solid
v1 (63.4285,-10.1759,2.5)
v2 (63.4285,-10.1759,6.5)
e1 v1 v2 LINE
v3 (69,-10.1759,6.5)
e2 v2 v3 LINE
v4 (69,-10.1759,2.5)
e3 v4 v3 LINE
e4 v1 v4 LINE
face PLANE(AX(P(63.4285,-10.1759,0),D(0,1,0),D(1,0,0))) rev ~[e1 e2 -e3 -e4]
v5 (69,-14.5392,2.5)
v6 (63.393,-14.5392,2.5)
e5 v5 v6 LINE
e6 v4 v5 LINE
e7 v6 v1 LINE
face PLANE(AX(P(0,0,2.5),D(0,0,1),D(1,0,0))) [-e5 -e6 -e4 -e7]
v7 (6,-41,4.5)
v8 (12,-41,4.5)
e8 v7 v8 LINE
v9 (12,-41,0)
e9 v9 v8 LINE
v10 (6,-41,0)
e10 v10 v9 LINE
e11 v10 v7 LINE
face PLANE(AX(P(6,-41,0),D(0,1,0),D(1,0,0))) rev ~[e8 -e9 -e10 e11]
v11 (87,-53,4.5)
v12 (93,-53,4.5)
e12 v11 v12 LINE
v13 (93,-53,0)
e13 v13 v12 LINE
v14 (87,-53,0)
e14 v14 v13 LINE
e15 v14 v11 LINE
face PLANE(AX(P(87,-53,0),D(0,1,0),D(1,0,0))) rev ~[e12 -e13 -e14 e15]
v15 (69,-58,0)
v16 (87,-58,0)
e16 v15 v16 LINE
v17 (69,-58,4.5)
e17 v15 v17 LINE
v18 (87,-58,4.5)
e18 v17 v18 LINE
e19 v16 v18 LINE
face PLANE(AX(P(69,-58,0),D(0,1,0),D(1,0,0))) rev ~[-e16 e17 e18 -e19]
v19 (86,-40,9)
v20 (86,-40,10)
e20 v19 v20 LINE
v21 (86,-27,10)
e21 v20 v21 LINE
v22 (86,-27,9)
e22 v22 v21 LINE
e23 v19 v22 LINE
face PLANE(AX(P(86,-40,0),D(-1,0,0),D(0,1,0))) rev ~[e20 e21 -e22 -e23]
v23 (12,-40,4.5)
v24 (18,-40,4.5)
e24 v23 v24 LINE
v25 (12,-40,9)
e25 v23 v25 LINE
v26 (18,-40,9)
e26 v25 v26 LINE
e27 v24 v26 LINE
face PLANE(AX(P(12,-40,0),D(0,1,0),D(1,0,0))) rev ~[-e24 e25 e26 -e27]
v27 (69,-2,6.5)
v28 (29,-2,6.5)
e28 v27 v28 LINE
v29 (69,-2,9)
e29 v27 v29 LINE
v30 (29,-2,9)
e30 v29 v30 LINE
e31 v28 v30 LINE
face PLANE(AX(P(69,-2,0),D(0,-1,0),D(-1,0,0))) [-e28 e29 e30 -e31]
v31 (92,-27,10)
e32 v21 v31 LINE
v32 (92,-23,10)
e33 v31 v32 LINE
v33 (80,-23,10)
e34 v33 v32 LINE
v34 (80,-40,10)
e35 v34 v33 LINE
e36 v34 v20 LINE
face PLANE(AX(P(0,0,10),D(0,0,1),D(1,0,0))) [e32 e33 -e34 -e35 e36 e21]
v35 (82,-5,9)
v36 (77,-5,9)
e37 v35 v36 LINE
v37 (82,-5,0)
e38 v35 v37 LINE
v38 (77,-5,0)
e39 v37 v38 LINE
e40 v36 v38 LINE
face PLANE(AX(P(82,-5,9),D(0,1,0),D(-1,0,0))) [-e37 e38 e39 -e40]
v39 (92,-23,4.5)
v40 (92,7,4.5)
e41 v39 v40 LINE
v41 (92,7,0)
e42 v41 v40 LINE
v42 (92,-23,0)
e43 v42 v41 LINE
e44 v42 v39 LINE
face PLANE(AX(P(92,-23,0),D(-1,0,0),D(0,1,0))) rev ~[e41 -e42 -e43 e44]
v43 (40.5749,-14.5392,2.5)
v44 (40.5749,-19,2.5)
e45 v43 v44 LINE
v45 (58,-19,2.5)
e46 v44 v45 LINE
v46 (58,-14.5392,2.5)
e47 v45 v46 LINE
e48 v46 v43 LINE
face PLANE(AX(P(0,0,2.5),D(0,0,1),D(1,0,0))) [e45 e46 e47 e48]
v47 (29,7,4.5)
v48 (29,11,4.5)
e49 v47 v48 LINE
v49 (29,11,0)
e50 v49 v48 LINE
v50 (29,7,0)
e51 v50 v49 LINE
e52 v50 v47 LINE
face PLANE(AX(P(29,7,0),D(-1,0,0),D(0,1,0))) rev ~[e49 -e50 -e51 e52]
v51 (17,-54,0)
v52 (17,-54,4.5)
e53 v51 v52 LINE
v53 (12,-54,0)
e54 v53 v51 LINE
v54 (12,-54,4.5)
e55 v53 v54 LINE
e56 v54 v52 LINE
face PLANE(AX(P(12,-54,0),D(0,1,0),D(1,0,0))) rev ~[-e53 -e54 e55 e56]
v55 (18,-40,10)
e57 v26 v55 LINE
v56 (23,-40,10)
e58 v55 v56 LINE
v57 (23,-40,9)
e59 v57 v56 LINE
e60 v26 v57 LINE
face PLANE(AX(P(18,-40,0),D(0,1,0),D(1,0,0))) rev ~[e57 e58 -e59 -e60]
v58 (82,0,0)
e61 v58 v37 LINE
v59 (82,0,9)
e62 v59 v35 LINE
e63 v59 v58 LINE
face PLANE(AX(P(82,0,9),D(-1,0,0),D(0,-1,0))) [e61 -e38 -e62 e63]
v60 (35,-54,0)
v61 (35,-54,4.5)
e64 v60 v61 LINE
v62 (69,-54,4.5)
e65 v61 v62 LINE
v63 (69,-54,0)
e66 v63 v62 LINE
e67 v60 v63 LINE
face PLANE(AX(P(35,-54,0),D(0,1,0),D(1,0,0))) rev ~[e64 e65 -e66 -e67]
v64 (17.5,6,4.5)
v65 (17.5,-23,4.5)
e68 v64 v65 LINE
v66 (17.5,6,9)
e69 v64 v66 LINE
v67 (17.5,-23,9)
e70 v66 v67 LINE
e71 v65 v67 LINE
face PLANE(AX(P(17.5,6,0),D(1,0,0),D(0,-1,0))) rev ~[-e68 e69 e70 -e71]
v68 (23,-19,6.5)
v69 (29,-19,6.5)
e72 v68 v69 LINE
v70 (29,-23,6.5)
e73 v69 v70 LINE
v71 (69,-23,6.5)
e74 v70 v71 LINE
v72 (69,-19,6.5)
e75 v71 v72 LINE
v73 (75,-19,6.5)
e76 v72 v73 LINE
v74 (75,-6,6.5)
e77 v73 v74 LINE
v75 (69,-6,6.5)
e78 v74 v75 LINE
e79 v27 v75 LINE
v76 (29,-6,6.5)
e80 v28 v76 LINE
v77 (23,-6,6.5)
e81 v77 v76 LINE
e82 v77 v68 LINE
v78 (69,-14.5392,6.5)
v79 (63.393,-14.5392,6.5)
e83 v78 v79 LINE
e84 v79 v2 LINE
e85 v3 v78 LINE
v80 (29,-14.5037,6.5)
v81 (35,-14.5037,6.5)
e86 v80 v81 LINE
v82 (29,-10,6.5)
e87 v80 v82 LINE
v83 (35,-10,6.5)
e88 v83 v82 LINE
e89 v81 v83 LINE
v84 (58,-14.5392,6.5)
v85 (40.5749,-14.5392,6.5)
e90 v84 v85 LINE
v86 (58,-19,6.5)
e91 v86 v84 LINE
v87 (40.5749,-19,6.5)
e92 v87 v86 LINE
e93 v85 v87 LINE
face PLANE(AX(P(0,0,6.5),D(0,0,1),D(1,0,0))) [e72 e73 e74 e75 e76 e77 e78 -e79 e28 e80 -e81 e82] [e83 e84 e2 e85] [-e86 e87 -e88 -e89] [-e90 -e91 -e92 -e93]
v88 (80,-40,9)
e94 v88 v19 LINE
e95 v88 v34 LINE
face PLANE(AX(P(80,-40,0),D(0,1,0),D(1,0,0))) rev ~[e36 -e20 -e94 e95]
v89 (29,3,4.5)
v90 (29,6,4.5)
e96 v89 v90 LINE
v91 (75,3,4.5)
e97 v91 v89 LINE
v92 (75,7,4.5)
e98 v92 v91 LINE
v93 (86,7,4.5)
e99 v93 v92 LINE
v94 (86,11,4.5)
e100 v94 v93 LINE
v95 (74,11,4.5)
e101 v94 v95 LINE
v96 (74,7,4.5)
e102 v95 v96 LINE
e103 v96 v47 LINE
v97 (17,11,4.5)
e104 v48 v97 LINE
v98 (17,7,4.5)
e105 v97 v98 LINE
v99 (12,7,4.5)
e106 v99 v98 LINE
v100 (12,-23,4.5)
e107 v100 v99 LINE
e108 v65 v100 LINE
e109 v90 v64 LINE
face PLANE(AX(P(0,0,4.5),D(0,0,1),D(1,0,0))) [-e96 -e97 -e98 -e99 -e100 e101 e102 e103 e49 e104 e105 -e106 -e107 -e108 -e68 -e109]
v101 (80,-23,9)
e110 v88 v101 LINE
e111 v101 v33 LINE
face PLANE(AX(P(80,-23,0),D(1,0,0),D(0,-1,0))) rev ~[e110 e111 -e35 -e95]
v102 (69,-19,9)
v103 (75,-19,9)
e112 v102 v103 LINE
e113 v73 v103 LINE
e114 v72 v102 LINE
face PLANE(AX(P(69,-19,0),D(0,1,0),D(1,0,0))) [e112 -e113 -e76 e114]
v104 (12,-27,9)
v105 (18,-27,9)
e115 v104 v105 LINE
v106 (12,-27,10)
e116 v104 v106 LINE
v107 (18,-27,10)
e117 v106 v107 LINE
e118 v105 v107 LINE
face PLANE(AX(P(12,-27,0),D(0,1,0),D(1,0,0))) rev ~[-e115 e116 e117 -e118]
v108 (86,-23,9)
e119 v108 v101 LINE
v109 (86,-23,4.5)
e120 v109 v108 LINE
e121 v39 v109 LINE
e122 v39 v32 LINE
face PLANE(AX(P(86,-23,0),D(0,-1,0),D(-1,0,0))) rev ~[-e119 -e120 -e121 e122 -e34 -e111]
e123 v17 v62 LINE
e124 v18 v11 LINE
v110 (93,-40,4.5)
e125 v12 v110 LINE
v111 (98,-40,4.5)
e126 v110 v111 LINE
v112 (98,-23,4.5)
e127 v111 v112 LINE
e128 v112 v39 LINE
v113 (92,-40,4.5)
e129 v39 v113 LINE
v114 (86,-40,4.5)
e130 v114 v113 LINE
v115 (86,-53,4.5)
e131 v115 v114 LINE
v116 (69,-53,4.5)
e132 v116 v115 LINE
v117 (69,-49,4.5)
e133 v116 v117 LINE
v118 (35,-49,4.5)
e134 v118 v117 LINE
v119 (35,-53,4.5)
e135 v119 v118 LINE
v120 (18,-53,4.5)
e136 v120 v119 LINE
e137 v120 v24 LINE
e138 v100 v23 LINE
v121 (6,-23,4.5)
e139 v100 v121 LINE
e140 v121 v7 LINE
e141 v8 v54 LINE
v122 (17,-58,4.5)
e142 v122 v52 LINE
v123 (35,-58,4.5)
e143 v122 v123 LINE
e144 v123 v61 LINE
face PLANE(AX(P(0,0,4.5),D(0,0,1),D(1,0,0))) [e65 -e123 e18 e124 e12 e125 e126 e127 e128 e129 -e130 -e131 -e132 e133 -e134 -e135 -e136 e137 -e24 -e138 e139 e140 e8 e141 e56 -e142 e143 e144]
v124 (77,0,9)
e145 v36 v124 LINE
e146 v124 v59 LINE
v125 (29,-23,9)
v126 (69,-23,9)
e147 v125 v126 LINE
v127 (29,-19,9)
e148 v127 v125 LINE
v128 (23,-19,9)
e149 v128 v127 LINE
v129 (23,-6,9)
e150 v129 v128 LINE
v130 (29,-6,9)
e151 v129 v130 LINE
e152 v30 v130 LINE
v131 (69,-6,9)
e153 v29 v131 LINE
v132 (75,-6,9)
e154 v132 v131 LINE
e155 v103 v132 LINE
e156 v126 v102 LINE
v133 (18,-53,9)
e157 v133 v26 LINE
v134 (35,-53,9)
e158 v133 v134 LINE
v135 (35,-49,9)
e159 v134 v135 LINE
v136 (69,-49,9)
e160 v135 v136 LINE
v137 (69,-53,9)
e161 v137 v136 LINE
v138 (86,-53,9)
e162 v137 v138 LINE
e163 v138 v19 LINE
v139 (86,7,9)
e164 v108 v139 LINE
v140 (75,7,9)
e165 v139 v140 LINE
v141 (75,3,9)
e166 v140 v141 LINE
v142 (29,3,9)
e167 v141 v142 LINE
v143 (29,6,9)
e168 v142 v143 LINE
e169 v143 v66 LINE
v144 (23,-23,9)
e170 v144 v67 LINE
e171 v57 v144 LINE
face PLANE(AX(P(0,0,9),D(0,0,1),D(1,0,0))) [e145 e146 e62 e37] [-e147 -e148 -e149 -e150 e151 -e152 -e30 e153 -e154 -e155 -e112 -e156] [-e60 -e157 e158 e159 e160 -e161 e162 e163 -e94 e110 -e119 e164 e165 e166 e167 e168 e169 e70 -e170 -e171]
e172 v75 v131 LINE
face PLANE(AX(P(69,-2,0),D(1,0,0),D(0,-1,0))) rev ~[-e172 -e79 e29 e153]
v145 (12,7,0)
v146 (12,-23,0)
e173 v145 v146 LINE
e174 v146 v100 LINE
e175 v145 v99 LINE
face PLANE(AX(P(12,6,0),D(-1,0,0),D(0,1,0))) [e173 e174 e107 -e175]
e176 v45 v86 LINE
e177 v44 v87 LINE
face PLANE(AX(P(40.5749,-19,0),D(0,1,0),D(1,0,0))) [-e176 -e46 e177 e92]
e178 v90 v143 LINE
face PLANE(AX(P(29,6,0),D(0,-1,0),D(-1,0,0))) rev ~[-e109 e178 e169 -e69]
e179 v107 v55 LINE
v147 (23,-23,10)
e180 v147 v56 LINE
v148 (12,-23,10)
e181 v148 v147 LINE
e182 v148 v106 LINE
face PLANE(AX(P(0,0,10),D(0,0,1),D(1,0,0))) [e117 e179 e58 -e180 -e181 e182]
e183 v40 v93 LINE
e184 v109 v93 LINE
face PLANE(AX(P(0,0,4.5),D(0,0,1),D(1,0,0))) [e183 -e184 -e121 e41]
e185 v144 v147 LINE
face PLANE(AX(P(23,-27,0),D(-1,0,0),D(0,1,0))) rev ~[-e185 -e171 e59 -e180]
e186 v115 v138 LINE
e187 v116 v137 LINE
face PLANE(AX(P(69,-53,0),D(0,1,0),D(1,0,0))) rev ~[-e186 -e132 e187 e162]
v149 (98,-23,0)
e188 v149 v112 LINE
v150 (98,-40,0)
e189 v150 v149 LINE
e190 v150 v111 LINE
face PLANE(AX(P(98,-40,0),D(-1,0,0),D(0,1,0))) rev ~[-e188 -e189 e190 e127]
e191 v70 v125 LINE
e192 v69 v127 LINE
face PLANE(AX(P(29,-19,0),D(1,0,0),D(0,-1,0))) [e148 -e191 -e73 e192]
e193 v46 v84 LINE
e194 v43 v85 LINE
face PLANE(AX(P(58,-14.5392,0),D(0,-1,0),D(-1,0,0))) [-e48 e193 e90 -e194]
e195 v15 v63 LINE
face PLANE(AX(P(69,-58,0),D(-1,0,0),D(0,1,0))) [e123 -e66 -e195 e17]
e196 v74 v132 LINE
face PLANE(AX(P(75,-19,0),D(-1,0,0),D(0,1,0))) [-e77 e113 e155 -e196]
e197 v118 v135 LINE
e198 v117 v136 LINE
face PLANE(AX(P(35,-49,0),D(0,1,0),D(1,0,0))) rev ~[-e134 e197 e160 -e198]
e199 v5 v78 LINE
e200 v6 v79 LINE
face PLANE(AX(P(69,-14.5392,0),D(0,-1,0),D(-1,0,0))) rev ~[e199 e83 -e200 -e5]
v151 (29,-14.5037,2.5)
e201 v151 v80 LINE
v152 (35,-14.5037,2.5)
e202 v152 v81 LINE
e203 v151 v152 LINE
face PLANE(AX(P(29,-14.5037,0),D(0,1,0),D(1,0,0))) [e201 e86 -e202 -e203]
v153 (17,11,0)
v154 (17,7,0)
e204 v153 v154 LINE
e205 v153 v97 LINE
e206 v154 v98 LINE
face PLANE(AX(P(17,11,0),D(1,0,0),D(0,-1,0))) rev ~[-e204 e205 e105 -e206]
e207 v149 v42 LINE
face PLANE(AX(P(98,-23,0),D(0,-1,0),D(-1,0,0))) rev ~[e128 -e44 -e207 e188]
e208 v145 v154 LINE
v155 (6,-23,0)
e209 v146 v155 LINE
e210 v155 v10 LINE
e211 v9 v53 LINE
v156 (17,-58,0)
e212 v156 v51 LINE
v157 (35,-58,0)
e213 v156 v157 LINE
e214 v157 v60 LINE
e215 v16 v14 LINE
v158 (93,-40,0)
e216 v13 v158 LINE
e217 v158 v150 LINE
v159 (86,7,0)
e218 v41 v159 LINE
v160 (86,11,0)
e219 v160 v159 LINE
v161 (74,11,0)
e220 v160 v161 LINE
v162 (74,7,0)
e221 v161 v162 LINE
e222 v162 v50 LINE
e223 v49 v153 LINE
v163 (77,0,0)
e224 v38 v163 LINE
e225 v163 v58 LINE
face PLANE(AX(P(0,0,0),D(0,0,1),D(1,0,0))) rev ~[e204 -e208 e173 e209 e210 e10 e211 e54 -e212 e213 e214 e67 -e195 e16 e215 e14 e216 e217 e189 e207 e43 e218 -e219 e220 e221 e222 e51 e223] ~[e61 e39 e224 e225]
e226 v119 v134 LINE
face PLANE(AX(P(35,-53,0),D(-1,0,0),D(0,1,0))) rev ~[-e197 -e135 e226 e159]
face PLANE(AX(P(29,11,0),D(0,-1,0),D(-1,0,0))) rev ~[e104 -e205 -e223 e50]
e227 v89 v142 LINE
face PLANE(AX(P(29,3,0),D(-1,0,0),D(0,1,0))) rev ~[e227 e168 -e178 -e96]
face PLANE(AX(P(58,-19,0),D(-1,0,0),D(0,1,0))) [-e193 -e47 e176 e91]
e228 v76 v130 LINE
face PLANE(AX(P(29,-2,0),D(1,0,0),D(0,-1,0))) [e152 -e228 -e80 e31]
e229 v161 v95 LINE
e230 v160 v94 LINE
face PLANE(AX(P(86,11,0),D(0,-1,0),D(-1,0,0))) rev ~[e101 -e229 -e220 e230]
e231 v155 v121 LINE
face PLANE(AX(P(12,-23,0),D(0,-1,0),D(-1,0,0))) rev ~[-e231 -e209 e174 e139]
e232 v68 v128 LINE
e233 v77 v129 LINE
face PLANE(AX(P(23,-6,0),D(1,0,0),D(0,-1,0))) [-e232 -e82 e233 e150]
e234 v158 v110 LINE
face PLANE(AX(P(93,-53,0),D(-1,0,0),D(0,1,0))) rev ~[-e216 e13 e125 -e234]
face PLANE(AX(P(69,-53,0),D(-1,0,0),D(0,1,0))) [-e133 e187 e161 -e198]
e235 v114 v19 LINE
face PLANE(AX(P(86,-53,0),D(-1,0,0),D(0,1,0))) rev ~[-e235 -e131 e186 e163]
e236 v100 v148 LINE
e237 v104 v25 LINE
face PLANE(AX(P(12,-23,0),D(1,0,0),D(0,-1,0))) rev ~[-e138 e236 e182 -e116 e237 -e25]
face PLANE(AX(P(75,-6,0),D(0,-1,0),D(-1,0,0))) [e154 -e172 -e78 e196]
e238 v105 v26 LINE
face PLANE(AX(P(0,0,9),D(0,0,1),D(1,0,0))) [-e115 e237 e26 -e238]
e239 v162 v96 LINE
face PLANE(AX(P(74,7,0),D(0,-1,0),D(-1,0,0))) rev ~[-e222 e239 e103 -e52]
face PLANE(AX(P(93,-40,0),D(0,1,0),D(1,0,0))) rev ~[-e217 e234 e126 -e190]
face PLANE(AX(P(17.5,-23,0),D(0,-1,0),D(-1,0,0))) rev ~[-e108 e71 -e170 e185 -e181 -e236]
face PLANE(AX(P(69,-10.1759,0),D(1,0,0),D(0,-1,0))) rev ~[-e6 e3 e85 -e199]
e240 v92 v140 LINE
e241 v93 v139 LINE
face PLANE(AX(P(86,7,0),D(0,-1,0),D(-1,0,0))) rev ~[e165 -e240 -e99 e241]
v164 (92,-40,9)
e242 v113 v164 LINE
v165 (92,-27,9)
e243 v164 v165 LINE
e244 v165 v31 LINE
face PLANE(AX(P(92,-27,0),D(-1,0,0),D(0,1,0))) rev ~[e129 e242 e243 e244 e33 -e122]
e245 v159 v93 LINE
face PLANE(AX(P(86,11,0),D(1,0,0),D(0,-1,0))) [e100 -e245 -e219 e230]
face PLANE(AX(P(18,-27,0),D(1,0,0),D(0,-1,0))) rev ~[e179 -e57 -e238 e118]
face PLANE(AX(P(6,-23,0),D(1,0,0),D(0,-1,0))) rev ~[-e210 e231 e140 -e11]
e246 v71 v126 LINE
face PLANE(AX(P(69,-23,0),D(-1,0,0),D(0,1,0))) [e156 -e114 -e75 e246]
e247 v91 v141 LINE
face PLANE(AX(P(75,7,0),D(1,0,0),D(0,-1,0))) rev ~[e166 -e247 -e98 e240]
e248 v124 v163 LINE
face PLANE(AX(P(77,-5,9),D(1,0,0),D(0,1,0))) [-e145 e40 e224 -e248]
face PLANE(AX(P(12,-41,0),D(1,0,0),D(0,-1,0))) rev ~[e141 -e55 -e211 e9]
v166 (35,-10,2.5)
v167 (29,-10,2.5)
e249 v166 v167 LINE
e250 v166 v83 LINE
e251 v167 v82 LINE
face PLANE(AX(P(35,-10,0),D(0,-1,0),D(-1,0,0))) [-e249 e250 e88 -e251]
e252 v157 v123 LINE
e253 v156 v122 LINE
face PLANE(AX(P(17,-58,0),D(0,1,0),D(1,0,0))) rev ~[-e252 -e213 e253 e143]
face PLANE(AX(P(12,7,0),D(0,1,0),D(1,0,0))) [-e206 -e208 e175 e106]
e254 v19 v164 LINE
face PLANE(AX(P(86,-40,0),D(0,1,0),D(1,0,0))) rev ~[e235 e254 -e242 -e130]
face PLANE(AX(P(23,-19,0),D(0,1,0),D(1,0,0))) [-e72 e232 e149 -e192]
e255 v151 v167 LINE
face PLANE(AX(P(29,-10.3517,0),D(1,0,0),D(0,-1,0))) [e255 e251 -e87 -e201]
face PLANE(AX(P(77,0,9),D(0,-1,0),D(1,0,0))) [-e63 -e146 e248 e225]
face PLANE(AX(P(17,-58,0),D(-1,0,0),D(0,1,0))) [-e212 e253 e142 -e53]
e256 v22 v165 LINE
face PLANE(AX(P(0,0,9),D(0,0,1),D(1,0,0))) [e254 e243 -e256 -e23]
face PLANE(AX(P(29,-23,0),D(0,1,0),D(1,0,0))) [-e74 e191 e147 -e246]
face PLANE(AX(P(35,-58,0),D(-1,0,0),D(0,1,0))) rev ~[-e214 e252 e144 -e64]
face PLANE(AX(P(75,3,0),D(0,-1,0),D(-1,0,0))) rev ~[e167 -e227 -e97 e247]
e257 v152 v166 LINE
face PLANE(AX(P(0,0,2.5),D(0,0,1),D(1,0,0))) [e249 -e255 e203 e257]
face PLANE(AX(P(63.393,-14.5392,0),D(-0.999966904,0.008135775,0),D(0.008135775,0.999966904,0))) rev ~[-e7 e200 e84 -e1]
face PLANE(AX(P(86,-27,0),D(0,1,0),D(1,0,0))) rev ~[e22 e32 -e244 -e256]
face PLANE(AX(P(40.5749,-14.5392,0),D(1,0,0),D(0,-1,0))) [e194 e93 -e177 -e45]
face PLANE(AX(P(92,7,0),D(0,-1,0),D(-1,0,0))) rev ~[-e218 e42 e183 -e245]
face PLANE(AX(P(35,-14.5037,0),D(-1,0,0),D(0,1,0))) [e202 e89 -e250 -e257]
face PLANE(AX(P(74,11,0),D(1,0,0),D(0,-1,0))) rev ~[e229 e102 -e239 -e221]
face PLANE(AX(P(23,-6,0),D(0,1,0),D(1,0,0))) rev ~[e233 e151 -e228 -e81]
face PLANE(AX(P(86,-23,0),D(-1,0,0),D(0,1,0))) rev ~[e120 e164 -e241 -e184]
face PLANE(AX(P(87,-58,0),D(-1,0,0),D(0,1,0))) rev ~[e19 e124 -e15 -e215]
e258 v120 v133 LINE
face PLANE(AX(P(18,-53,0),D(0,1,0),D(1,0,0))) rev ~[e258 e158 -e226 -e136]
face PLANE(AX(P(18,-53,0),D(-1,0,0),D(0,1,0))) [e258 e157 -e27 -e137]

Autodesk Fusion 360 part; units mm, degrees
sketch "finn" plane through (0, 0, 0) normal (0, 0, 1) x (1, 0, 0)
  line L0 (12, 6) -> (12, -23)
  line L1 (12, -23) -> (6, -23)
  line L2 (6, -23) -> (6, -41)
  line L3 (6, -41) -> (12, -41)
  line L4 (12, -41) -> (12, -54)
  line L5 (12, -54) -> (17, -54)
  line L6 (17, -58) -> (35, -58)
  line L7 (35, -58) -> (35, -54)
  line L8 (35, -54) -> (69, -54)
  line L9 (69, -58) -> (87, -58)
  line L10 (87, -58) -> (87, -53)
  line L11 (87, -53) -> (93, -53)
  line L12 (93, -53) -> (93, -40)
  line L13 (98, -40) -> (98, -23)
  line L14 (98, -23) -> (92, -23)
  line L15 (92, -23) -> (92, 7)
  line L16 (92, 7) -> (86, 7)
  line L17 (86, 11) -> (74, 11)
  line L18 (74, 11) -> (74, 7)
  line L19 (74, 7) -> (29, 7)
  line L20 (29, 11) -> (17, 11)
  line L21 (17, 11) -> (17, 7)
  line L22 (12, 6) -> (12, 7)
  line L23 (23, -6) -> (23, -19)
  line L24 (23, -19) -> (29, -19)
  line L25 (29, -23) -> (69, -23)
  line L26 (69, -23) -> (69, -19)
  line L27 (75, -19) -> (75, -6)
  line L28 (75, -6) -> (69, -6)
  line L29 (69, -2) -> (69, -6)
  line L30 (69, -2) -> (29, -2)
  line L31 (29, -2) -> (29, -6)
  line L32 (23, -6) -> (29, -6)
  line L33 (29, -10.3517) -> (29, -14.5037)
  line L34 (29, -14.5037) -> (35, -14.5037)
  line L35 (35, -14.5037) -> (35, -10)
  line L36 (35, -10) -> (29, -10)
  line L37 (29, -10) -> (29, -10.3517)
  line L38 (63.4285, -10.1759) -> (69, -10.1759)
  line L39 (69, -10.1759) -> (69, -14.5392)
  line L40 (69, -14.5392) -> (63.393, -14.5392)
  line L41 (63.393, -14.5392) -> (63.4285, -10.1759)
  line L42 (40.5749, -14.5392) -> (40.5749, -19)
  line L43 (40.5749, -19) -> (58, -19)
  line L44 (58, -19) -> (58, -14.5392)
  line L45 (58, -14.5392) -> (40.5749, -14.5392)
  line L46 (17, -58) -> (17, -54)
  line L47 (29, 7) -> (29, 11)
  line L48 (12, 7) -> (17, 7)
  line L49 (12, -23) -> (12, -27)
  line L50 (12, -27) -> (18, -27)
  line L51 (18, -27) -> (18, -40)
  line L52 (18, -40) -> (23, -40)
  line L53 (23, -40) -> (23, -23)
  line L54 (23, -23) -> (12, -23)
  line L55 (92, -23) -> (80, -23)
  line L56 (80, -23) -> (80, -40)
  line L57 (80, -40) -> (86, -40)
  line L58 (86, -40) -> (86, -27)
  line L59 (86, -27) -> (92, -27)
  line L60 (92, -27) -> (92, -23)
  line L61 (69, -58) -> (69, -54)
  line L62 (12, -23) -> (12, -40)
  line L63 (12, -40) -> (18, -40)
  line L64 (18, -53) -> (35, -53)
  line L65 (35, -53) -> (35, -49)
  line L66 (35, -49) -> (69, -49)
  line L67 (69, -53) -> (69, -49)
  line L68 (69, -53) -> (86, -53)
  line L69 (86, -53) -> (86, -40)
  line L70 (86, -40) -> (92, -40)
  line L71 (92, -40) -> (92, -23)
  line L72 (92, -23) -> (86, -23)
  line L73 (92, -23) -> (86, -23)
  line L74 (86, -23) -> (86, 7)
  line L75 (86, 7) -> (75, 7)
  line L76 (75, 7) -> (75, 3)
  line L77 (75, 3) -> (29, 3)
  line L78 (29, 3) -> (29, 6)
  line L79 (29, 6) -> (17.5, 6)
  line L80 (17.5, 6) -> (17.5, -23)
  line L81 (18, -53) -> (18, -40)
  line L82 (93, -40) -> (98, -40)
  line L83 (86, 11) -> (86, 7)
  line L84 (29, -19) -> (29, -23)
  line L85 (69, -19) -> (75, -19)
  line L86 (23, -27) -> (80, -27)
  line L87 (23, -27) -> (23, -40)
extrude "Extrude7" add sketch "finn" along normal blind 10 contours L49 L50 L51 L52 L53 L54 L62 L87 | L55 L56 L57 L58 L59 L60 L71 L72 L73 makes body 1 at (23, -34.3333, 3.3333) makes body 2 at (80, -28.6667, 3.3333)
extrude "Extrude8" add sketch "finn" along normal blind 9 separate body contours L50 L51 L62 L63 | L53 L54 L55 L56 L74 L75 L76 L77 L78 L79 L80 L86 | L52 L53 L56 L57 L64 L65 L66 L67 L68 L69 L81 L86 L87 | L58 L59 L70 L71 makes body 3 at (44.3333, -31.6667, 0)
extrude "Extrude9" add sketch "finn" along normal blind 6.5 contours L23 L24 L25 L26 L27 L28 L29 L30 L31 L32 L84 L85 bodies 3
combine "Combine1" operation add target body 3 tool bodies 1 2
extrude "Extrude10" add sketch "finn" along normal blind 4.5 contours L0 L17 L18 L19 L20 L21 L22 L47 L48 L54 L75 L76 L77 L78 L79 L80 L83 | L1 L2 L3 L4 L5 L6 L7 L8 L9 L10 L11 L12 L13 L14 L46 L49 L60 L61 L62 L63 L64 L65 L66 L67 L68 L69 L70 L71 L81 L82 | L15 L16 L55 L72 L73 L74 bodies 3
extrude "Extrude11" add sketch "finn" along normal blind 2.5 contours L33 L34 L35 L36 L37 | L38 L39 L40 L41 | L42 L43 L44 L45 bodies 3
sketch "Sketch6" plane through (0, 0, 9) normal (0, 0, 1) x (-1, 0, 0)
  line L0 (-23, 19) -> (-23, 6)
  line L1 (-23, 6) -> (-29, 6)
  line L2 (-29, 6) -> (-29, 2)
  line L3 (-29, 2) -> (-69, 2)
  line L4 (-69, 2) -> (-69, 6)
  line L5 (-69, 6) -> (-75, 6)
  line L6 (-75, 6) -> (-75, 19)
  line L7 (-75, 19) -> (-69, 19)
  line L8 (-69, 19) -> (-69, 23)
  line L9 (-69, 23) -> (-29, 23)
  line L10 (-29, 23) -> (-29, 19)
  line L11 (-29, 19) -> (-23, 19)
  line L12 (-23, 23) -> (-23, 40)
  line L13 (-23, 40) -> (-18, 40)
  line L14 (-18, 40) -> (-18, 53)
  line L15 (-18, 53) -> (-35, 53)
  line L16 (-35, 53) -> (-35, 49)
  line L17 (-35, 49) -> (-69, 49)
  line L18 (-69, 49) -> (-69, 53)
  line L19 (-69, 53) -> (-86, 53)
  line L20 (-86, 53) -> (-86, 40)
  line L21 (-86, 40) -> (-80, 40)
  line L22 (-80, 40) -> (-80, 23)
  line L23 (-80, 23) -> (-86, 23)
  line L24 (-86, 23) -> (-86, -7)
  line L25 (-86, -7) -> (-75, -7)
  line L26 (-75, -7) -> (-75, -3)
  line L27 (-75, -3) -> (-29, -3)
  line L28 (-29, -3) -> (-29, -6)
  line L29 (-29, -6) -> (-17.5, -6)
  line L30 (-17.5, -6) -> (-17.5, 23)
  line L31 (-17.5, 23) -> (-23, 23)
  line L32 (-77, 0) -> (-82, 0)
  line L33 (-82, 0) -> (-82, 5)
  line L34 (-82, 5) -> (-77, 5)
  line L35 (-77, 5) -> (-77, 0)
extrude "Extrude13" cut sketch "Sketch6" against normal blind 10 contours L32 L33 L34 L35 bodies 3
